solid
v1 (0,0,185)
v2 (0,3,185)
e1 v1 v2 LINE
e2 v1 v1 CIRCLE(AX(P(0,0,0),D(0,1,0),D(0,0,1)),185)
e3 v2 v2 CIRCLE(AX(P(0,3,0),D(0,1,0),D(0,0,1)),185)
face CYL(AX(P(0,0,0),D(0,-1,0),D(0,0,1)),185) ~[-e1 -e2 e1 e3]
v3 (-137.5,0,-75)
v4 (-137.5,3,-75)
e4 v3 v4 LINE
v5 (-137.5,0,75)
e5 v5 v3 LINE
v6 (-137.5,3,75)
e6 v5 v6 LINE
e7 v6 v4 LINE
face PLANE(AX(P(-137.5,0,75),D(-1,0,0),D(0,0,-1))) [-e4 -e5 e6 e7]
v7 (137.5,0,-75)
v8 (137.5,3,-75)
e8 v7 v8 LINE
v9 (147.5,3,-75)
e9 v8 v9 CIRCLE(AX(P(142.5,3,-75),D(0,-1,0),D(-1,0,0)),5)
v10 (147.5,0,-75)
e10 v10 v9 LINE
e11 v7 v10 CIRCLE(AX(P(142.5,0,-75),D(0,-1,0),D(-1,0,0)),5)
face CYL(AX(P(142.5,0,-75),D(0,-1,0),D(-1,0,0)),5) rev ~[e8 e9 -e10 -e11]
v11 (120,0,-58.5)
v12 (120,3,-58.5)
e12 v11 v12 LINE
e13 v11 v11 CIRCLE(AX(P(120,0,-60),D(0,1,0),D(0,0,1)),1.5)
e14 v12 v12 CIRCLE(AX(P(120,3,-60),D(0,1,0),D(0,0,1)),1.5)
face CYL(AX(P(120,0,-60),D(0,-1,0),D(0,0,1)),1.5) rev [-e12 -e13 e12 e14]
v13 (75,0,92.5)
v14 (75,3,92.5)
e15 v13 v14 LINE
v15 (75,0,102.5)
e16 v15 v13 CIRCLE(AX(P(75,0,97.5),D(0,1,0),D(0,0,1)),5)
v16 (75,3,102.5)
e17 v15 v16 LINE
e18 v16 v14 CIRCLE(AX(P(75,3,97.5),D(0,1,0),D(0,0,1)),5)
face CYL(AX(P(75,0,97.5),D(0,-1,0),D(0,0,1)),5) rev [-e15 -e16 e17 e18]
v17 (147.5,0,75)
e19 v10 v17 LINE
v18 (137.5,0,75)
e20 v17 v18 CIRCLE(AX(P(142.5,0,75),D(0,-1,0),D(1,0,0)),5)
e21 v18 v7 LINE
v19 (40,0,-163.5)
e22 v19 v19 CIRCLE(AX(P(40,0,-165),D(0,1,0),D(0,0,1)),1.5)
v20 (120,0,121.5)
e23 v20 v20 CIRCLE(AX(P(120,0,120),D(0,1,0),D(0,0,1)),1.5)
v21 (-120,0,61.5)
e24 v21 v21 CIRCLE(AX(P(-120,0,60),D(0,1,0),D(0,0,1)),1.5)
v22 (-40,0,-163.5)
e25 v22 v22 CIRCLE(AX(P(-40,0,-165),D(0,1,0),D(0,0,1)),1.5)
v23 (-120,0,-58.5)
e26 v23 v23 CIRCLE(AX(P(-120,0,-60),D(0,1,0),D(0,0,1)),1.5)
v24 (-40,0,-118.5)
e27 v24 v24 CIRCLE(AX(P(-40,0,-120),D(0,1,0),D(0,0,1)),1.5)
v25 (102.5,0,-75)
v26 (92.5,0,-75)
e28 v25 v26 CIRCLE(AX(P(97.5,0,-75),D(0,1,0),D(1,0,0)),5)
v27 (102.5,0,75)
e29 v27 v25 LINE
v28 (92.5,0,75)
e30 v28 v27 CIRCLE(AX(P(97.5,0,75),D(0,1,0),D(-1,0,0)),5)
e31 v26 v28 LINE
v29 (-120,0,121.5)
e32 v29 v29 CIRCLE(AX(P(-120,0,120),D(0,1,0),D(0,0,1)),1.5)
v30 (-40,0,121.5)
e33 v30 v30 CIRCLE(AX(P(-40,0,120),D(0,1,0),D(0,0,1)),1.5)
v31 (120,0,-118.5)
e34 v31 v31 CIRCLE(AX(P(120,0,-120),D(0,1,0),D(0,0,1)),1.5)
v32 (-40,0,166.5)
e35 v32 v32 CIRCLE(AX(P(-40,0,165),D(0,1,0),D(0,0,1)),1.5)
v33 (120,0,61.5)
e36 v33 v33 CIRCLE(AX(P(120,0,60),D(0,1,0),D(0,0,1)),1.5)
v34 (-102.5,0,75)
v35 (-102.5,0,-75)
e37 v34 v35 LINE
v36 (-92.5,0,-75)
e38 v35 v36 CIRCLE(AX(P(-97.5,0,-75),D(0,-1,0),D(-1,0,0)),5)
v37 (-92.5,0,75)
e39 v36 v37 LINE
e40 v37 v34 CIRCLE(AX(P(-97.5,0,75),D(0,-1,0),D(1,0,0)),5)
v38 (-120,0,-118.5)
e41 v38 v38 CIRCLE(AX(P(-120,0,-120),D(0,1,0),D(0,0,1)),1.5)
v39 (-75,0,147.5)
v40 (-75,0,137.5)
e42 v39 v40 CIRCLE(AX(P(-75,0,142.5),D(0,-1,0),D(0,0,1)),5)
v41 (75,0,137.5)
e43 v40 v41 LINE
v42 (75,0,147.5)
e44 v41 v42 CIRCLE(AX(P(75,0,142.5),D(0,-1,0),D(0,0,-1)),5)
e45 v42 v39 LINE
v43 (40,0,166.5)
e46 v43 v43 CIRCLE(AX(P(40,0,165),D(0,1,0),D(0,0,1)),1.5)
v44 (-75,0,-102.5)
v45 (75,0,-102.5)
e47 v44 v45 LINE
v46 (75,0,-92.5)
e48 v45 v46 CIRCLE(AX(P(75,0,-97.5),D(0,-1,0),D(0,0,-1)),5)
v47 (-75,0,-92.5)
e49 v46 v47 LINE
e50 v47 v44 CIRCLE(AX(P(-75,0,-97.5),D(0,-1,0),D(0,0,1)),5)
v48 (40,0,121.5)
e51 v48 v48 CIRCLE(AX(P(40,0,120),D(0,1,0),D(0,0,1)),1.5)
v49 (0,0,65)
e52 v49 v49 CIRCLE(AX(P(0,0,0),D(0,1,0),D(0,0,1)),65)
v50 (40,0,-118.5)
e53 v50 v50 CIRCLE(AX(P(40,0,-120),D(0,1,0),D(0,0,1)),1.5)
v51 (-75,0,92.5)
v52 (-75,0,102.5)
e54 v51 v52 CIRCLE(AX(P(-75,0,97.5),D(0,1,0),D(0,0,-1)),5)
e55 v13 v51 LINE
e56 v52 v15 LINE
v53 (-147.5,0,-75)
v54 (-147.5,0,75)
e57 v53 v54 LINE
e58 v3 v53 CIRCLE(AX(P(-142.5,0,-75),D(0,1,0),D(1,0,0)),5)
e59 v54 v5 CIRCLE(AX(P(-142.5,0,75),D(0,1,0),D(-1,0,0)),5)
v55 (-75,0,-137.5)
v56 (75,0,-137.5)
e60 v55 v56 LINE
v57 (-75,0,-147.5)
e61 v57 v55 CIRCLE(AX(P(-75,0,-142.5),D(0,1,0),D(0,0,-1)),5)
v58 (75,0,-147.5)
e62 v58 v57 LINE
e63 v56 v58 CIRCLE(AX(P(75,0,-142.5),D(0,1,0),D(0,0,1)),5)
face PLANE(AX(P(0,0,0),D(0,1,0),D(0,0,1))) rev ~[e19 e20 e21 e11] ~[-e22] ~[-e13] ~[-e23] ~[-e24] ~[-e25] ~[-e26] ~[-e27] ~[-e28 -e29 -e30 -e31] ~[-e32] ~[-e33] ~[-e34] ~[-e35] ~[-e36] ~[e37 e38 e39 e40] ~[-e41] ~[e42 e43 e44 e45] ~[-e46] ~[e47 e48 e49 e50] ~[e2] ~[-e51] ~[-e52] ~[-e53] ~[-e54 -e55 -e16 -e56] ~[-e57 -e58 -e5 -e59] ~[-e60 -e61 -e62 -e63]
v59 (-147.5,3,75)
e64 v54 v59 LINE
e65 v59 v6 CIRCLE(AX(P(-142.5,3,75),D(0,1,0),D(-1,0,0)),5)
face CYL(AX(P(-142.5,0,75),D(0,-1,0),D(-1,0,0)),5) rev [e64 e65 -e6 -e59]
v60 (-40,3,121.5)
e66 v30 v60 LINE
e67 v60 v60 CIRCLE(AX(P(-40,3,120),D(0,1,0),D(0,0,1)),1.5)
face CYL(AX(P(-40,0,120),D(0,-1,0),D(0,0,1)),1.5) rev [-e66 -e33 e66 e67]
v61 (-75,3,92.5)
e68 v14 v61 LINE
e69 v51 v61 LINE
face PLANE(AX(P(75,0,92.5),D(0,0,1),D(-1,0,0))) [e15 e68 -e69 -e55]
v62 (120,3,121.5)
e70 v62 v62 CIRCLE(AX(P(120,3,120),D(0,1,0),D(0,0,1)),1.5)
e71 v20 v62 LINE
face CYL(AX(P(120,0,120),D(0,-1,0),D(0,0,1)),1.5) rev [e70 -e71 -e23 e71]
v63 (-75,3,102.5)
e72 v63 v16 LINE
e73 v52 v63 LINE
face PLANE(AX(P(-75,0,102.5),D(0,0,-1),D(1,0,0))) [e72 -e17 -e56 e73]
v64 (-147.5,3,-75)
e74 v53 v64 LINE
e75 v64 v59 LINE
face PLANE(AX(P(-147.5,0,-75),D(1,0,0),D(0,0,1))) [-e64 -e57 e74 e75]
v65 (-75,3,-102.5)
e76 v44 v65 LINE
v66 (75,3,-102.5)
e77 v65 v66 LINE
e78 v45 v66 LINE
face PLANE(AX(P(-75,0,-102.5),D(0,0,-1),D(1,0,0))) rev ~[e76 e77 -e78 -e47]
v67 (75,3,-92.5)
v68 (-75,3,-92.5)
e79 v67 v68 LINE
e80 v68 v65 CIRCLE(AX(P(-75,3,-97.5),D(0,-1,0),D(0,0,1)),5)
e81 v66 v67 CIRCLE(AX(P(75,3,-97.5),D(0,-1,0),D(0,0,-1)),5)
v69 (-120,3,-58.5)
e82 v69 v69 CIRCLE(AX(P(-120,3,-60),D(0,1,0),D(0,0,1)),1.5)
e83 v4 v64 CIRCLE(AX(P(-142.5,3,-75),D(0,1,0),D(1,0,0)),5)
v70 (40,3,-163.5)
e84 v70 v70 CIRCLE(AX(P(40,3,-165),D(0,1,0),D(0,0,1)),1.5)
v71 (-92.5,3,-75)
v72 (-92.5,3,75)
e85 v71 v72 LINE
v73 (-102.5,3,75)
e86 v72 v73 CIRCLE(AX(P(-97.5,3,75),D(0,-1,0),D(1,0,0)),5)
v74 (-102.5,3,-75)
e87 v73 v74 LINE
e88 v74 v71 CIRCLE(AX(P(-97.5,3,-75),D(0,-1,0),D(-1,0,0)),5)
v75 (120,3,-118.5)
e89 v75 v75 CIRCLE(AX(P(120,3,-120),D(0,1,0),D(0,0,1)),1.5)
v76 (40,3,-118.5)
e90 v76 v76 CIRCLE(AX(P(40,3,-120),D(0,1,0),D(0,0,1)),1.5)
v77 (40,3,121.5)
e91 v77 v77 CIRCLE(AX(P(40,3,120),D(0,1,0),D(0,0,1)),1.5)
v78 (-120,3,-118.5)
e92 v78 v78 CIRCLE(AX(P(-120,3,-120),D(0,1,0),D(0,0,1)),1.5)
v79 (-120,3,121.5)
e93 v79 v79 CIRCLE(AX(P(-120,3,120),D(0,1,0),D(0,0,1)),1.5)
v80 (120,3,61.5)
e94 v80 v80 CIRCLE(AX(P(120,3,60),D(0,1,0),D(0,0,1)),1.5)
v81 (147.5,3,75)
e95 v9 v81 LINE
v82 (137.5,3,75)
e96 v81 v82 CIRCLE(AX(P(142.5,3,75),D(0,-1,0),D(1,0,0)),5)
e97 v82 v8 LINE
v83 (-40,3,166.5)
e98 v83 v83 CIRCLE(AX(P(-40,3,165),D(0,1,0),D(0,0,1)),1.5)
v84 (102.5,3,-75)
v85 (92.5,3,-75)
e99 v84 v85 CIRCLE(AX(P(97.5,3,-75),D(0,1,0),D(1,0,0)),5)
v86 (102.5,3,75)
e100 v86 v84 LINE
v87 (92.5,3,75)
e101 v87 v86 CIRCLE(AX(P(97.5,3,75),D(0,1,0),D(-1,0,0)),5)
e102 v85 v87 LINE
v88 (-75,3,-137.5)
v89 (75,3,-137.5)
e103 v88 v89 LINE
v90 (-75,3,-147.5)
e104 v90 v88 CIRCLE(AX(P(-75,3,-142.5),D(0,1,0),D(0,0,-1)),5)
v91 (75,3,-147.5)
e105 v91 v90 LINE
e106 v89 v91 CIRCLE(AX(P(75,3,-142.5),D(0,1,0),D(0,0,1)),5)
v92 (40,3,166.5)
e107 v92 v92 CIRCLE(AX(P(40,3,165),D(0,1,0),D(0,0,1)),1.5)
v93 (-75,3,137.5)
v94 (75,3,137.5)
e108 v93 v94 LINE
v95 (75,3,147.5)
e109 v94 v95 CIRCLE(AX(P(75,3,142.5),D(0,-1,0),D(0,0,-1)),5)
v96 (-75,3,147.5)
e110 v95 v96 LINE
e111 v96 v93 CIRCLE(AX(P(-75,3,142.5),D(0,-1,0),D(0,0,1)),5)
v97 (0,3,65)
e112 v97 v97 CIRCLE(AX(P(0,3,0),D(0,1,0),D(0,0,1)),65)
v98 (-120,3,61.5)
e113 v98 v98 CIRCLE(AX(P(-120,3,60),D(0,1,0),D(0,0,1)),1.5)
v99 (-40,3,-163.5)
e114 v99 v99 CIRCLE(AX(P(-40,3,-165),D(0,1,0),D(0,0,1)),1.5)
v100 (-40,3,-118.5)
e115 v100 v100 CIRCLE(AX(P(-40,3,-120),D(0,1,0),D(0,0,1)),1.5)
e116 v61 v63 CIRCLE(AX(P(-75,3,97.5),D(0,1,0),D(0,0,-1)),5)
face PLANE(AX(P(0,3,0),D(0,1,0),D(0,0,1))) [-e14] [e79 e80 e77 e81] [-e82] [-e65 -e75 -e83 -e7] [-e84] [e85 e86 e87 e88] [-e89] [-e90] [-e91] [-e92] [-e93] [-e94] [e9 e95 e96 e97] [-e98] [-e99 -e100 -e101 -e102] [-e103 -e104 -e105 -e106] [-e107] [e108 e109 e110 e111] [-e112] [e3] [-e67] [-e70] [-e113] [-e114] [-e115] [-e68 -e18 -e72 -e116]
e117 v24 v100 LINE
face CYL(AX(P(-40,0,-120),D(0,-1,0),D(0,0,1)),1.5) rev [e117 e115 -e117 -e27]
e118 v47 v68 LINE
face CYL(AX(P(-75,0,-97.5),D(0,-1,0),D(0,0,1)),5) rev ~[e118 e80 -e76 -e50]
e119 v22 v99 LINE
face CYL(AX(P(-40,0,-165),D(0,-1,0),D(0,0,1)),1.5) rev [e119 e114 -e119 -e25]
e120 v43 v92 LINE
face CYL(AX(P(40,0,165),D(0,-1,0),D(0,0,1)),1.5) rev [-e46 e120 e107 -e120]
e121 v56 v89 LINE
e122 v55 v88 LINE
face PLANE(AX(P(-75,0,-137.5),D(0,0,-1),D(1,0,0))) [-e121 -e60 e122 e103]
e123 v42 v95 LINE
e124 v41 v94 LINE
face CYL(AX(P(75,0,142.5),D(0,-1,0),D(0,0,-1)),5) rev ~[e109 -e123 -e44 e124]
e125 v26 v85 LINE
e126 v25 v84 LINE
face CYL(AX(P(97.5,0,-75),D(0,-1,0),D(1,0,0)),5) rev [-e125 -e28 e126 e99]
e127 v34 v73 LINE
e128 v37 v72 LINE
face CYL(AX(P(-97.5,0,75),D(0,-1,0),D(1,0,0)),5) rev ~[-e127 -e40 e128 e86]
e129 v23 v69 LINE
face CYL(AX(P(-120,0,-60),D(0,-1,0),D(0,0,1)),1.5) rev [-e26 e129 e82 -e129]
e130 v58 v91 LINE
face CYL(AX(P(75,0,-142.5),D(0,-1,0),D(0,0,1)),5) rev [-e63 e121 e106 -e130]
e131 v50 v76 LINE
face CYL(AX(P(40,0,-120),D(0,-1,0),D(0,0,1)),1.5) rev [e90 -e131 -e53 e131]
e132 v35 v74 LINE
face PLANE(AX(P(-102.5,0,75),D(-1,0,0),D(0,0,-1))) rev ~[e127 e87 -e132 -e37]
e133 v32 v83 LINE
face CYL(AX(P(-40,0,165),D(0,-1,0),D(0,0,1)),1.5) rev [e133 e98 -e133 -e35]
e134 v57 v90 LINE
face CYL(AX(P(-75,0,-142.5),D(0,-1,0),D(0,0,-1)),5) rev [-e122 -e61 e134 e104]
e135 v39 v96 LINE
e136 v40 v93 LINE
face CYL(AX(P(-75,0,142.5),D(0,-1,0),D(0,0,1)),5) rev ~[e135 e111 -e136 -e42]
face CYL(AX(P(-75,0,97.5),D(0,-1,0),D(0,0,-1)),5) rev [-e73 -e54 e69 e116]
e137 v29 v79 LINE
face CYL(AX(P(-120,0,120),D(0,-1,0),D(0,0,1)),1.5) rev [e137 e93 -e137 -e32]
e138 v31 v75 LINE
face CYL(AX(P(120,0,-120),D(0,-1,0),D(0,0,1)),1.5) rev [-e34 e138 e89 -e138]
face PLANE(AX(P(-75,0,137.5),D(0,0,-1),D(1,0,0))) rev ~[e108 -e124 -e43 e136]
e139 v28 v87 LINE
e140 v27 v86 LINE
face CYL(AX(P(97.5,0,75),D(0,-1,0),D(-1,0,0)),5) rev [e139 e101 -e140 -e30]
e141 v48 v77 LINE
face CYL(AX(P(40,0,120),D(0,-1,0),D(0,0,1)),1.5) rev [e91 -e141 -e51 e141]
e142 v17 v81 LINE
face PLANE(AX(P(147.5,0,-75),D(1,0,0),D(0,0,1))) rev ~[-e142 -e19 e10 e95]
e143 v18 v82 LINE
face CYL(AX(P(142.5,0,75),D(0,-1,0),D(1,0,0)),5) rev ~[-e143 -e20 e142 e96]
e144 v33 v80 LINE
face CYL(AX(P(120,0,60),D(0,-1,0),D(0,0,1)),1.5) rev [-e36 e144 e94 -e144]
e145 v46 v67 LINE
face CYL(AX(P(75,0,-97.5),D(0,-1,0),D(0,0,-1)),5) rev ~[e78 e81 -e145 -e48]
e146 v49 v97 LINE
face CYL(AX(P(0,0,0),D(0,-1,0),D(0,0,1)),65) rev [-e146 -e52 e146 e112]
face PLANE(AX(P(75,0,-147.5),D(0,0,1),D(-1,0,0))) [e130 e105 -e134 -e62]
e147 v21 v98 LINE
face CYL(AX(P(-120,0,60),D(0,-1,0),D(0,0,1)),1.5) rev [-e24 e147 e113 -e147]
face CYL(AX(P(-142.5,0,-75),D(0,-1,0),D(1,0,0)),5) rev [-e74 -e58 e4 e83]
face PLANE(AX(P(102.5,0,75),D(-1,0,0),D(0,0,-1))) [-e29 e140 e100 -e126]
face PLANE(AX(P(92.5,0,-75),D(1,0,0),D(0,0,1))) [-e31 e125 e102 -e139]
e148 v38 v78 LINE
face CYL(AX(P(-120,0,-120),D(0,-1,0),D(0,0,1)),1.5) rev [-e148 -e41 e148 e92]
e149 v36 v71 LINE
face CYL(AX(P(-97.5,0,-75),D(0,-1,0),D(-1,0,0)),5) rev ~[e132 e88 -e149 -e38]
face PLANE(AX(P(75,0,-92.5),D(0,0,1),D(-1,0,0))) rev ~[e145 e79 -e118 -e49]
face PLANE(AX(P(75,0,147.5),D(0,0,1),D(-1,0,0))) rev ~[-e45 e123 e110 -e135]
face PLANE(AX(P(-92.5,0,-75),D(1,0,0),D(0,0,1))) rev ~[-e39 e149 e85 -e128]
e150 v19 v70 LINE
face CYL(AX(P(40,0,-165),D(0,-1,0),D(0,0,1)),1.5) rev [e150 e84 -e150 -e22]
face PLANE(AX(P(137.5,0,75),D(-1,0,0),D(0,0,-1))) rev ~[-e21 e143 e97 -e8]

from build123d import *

# Parameters (mm, degrees)
SKETCH_1_R      = 185
SKETCH_1_R_2    = 1.5
SKETCH_1_R_3    = 65
EXTRUDE_1_DEPTH = 3


with BuildPart() as part:
    # 草图1 → 凸台-拉伸1 (new body)
    with BuildSketch(Plane(origin=(0, 0, 0), x_dir=(1, 0, 0), z_dir=(0, 1, 0))):
        with Locations(Location((0, 0, 0), (0, 0, 270))):
            Circle(SKETCH_1_R)
        with Locations(Location((120, 120, 0), (0, 0, 270))):
            Circle(SKETCH_1_R_2, mode=Mode.SUBTRACT)
        with Locations(Location((-120, 120, 0), (0, 0, 270))):
            Circle(SKETCH_1_R_2, mode=Mode.SUBTRACT)
        with Locations(Location((-120, -120, 0), (0, 0, 270))):
            Circle(SKETCH_1_R_2, mode=Mode.SUBTRACT)
        with Locations(Location((120, -120, 0), (0, 0, 270))):
            Circle(SKETCH_1_R_2, mode=Mode.SUBTRACT)
        with Locations(Location((0, 0, 0), (0, 0, 270))):
            Circle(SKETCH_1_R_3, mode=Mode.SUBTRACT)
        with Locations(Location((40, 165, 0), (0, 0, 270))):
            Circle(SKETCH_1_R_2, mode=Mode.SUBTRACT)
        with Locations(Location((40, 120, 0), (0, 0, 270))):
            Circle(SKETCH_1_R_2, mode=Mode.SUBTRACT)
        with Locations(Location((-40, 120, 0), (0, 0, 270))):
            Circle(SKETCH_1_R_2, mode=Mode.SUBTRACT)
        with Locations(Location((-40, 165, 0), (0, 0, 270))):
            Circle(SKETCH_1_R_2, mode=Mode.SUBTRACT)
        with Locations(Location((-40, -165, 0), (0, 0, 270))):
            Circle(SKETCH_1_R_2, mode=Mode.SUBTRACT)
        with Locations(Location((-40, -120, 0), (0, 0, 270))):
            Circle(SKETCH_1_R_2, mode=Mode.SUBTRACT)
        with Locations(Location((40, -120, 0), (0, 0, 270))):
            Circle(SKETCH_1_R_2, mode=Mode.SUBTRACT)
        with Locations(Location((40, -165, 0), (0, 0, 270))):
            Circle(SKETCH_1_R_2, mode=Mode.SUBTRACT)
        with Locations(Location((120, 60, 0), (0, 0, 270))):
            Circle(SKETCH_1_R_2, mode=Mode.SUBTRACT)
        with Locations(Location((120, -60, 0), (0, 0, 270))):
            Circle(SKETCH_1_R_2, mode=Mode.SUBTRACT)
        with Locations(Location((-120, -60, 0), (0, 0, 270))):
            Circle(SKETCH_1_R_2, mode=Mode.SUBTRACT)
        with Locations(Location((-120, 60, 0), (0, 0, 270))):
            Circle(SKETCH_1_R_2, mode=Mode.SUBTRACT)
        with BuildLine():
            Line((-137.5, -75), (-137.5, 75))
            ThreePointArc((-137.5, 75), (-142.5, 80), (-147.5, 75))
            Line((-147.5, 75), (-147.5, -75))
            ThreePointArc((-147.5, -75), (-142.5, -80), (-137.5, -75))
        make_face(mode=Mode.SUBTRACT)
        with BuildLine():
            Line((-102.5, -75), (-102.5, 75))
            ThreePointArc((-102.5, 75), (-97.5, 80), (-92.5, 75))
            Line((-92.5, 75), (-92.5, -75))
            ThreePointArc((-92.5, -75), (-97.5, -80), (-102.5, -75))
        make_face(mode=Mode.SUBTRACT)
        with BuildLine():
            Line((-75, -102.5), (75, -102.5))
            ThreePointArc((75, -102.5), (80, -97.5), (75, -92.5))
            Line((75, -92.5), (-75, -92.5))
            ThreePointArc((-75, -92.5), (-80, -97.5), (-75, -102.5))
        make_face(mode=Mode.SUBTRACT)
        with BuildLine():
            Line((-75, -137.5), (75, -137.5))
            ThreePointArc((75, -137.5), (80, -142.5), (75, -147.5))
            Line((75, -147.5), (-75, -147.5))
            ThreePointArc((-75, -147.5), (-80, -142.5), (-75, -137.5))
        make_face(mode=Mode.SUBTRACT)
        with BuildLine():
            Line((137.5, -75), (137.5, 75))
            ThreePointArc((137.5, 75), (142.5, 80), (147.5, 75))
            Line((147.5, 75), (147.5, -75))
            ThreePointArc((147.5, -75), (142.5, -80), (137.5, -75))
        make_face(mode=Mode.SUBTRACT)
        with BuildLine():
            Line((102.5, -75), (102.5, 75))
            ThreePointArc((102.5, 75), (97.5, 80), (92.5, 75))
            Line((92.5, 75), (92.5, -75))
            ThreePointArc((92.5, -75), (97.5, -80), (102.5, -75))
        make_face(mode=Mode.SUBTRACT)
        with BuildLine():
            Line((-75, 102.5), (75, 102.5))
            ThreePointArc((75, 102.5), (80, 97.5), (75, 92.5))
            Line((75, 92.5), (-75, 92.5))
            ThreePointArc((-75, 92.5), (-80, 97.5), (-75, 102.5))
        make_face(mode=Mode.SUBTRACT)
        with BuildLine():
            Line((-75, 137.5), (75, 137.5))
            ThreePointArc((75, 137.5), (80, 142.5), (75, 147.5))
            Line((75, 147.5), (-75, 147.5))
            ThreePointArc((-75, 147.5), (-80, 142.5), (-75, 137.5))
        make_face(mode=Mode.SUBTRACT)
    extrude(amount=EXTRUDE_1_DEPTH)


solid = part.part
